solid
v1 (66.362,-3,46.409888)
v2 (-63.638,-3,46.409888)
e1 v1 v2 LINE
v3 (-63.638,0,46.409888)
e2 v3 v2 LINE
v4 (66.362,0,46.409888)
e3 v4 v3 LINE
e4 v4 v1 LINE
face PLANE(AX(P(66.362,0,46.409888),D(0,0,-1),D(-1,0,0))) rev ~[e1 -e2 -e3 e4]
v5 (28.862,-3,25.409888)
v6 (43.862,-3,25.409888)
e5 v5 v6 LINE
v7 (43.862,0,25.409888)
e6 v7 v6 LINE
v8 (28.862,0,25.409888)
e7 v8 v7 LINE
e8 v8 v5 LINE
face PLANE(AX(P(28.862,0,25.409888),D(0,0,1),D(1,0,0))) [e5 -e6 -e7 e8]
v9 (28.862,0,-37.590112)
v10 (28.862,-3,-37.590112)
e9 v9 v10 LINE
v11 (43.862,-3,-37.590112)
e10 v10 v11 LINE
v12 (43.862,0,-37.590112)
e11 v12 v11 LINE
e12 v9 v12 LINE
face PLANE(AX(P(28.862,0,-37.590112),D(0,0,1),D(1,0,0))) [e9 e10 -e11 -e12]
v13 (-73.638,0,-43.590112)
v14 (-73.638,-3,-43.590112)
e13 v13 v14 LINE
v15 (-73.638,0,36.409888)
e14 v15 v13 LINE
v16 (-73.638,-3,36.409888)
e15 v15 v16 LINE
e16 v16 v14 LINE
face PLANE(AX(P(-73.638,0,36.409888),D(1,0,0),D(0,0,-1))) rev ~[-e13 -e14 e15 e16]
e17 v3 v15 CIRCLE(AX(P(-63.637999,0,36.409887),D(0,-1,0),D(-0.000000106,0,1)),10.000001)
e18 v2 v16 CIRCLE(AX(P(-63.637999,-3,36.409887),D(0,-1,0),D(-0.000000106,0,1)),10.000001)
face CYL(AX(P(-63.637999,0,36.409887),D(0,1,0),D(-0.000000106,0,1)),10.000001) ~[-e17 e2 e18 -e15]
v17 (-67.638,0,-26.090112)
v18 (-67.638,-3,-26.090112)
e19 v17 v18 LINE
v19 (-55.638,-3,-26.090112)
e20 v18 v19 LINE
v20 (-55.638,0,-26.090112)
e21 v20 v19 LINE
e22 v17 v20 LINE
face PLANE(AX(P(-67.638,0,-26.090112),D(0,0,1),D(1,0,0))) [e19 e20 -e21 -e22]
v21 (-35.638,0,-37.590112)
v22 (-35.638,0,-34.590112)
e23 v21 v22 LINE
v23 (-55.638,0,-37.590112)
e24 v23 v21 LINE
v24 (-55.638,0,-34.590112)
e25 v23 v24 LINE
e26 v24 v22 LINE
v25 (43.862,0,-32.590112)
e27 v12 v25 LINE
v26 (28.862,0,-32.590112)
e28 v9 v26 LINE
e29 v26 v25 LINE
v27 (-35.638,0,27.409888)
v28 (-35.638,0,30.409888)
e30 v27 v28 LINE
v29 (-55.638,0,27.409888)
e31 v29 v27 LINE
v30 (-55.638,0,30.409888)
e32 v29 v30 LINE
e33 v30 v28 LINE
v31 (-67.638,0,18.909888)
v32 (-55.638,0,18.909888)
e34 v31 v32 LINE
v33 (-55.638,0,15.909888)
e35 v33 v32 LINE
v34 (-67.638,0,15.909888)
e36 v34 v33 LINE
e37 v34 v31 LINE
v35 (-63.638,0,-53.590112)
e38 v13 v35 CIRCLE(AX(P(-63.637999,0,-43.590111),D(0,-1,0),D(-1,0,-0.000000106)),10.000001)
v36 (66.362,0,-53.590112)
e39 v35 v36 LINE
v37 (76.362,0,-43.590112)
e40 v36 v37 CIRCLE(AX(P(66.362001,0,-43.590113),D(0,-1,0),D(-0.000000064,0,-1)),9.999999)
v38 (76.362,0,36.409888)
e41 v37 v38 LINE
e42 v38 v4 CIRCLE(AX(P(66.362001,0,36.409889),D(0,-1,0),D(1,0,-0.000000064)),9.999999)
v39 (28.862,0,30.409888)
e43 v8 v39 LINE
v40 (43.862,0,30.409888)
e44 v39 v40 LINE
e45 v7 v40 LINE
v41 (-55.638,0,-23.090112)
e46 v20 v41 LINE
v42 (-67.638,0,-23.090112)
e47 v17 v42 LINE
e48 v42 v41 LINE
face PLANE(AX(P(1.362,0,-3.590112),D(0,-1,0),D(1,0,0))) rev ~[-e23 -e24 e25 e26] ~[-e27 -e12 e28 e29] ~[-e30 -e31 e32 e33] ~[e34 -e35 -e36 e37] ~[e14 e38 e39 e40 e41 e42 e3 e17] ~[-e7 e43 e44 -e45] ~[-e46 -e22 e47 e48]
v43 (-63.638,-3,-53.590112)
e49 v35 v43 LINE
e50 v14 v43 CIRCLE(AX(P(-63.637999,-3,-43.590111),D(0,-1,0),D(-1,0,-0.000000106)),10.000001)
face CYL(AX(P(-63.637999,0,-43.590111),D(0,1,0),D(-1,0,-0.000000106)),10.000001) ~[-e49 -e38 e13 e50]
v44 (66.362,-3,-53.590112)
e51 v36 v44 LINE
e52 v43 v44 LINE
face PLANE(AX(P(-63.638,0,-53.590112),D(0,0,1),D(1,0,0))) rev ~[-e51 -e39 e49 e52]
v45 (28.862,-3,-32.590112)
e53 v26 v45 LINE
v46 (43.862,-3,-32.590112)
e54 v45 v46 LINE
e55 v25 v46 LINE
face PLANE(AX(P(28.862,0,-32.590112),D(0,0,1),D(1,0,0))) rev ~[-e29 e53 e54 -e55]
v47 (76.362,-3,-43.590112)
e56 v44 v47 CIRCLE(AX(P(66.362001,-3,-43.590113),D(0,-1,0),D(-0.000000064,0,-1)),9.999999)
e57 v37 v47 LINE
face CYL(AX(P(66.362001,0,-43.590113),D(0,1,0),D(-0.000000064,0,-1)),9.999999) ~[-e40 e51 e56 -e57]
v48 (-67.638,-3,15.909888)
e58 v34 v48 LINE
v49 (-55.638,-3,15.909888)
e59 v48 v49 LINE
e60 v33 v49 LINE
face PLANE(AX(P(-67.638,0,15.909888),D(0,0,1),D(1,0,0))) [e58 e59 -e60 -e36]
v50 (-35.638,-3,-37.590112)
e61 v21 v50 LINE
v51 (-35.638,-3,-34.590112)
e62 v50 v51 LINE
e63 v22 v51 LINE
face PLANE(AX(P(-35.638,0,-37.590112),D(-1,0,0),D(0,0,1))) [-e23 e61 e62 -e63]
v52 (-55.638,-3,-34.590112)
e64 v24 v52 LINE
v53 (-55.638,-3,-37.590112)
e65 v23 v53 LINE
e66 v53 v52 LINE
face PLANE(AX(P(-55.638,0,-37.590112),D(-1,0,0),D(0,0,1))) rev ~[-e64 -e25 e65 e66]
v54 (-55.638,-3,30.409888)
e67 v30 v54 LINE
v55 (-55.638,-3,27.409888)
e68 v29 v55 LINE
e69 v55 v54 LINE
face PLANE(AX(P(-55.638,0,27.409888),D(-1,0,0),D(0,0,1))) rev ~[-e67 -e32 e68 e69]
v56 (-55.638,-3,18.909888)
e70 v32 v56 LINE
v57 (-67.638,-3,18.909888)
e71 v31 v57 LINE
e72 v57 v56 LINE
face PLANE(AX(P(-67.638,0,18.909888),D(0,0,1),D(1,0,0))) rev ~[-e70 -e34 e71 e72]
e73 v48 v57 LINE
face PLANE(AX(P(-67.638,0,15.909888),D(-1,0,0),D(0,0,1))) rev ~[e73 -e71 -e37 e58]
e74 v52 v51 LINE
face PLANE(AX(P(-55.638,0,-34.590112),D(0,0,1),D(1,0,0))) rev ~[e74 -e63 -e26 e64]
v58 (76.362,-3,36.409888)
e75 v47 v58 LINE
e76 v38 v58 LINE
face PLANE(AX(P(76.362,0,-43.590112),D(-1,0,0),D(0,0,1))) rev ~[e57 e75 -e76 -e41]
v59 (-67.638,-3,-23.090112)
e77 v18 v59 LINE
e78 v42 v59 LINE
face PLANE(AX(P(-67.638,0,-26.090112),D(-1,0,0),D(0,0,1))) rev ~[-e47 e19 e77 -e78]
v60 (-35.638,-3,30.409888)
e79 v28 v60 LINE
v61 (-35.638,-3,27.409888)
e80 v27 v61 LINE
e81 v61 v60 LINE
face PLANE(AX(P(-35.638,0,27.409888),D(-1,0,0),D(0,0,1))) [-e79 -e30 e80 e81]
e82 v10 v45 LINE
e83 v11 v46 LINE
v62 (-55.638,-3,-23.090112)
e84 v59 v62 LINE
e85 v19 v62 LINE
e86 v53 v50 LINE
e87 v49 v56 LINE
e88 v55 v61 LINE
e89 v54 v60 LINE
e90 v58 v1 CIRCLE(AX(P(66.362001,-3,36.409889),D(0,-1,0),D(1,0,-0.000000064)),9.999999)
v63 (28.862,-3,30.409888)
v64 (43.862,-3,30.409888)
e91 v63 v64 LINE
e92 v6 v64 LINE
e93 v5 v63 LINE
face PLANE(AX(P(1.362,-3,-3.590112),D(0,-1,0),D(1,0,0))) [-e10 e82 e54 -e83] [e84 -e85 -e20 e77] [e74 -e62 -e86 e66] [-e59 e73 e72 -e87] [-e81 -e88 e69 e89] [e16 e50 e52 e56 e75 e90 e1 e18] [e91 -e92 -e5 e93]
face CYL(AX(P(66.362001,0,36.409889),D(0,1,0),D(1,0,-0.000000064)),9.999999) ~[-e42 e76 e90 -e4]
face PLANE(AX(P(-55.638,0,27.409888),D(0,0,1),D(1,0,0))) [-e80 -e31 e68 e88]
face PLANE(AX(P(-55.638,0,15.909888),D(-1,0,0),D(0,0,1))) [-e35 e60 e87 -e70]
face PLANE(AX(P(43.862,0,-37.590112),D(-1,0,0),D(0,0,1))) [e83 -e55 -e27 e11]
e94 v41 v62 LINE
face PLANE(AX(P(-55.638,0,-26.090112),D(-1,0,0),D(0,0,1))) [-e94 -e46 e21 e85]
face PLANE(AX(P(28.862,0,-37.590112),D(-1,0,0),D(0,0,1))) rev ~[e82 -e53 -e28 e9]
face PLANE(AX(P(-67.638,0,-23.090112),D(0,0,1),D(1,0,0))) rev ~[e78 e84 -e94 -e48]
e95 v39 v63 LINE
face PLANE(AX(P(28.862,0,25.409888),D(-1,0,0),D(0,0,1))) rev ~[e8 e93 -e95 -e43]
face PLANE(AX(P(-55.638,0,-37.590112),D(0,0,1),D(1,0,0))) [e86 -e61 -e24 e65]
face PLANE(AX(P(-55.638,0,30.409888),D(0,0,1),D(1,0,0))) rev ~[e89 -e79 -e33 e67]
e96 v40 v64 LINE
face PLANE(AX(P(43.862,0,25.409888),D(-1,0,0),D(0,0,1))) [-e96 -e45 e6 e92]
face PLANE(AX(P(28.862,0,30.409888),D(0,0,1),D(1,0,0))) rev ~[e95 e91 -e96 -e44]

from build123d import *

# Parameters (mm, degrees)
F0_W     = 20
F0_H     = 3
F0_W_2   = 12
F0_W_3   = 15
F0_H_2   = 5
F1_DEPTH = 3


with BuildPart() as f1:
    # F0 (on Front) → F1 (new body)
    with BuildSketch(Plane.XZ):
        with BuildLine():
            ThreePointArc((76.362, 36.409888), (73.433068, 43.480956), (66.362, 46.409888))
            Line((66.362, 46.409888), (-63.638, 46.409888))
            ThreePointArc((-63.638, 46.409888), (-70.709067, 43.480956), (-73.638, 36.409888))
            Line((-73.638, 36.409888), (-73.638, -43.590112))
            ThreePointArc((-73.638, -43.590112), (-70.709067, -50.66118), (-63.638, -53.590112))
            Line((-63.638, -53.590112), (66.362, -53.590112))
            ThreePointArc((66.362, -53.590112), (73.433068, -50.66118), (76.362, -43.590112))
            Line((76.362, -43.590112), (76.362, 36.409888))
        make_face()
        with Locations((-45.638, -36.090112)):
            Rectangle(F0_W, F0_H, mode=Mode.SUBTRACT)
        with Locations((-61.638, -24.590112)):
            Rectangle(F0_W_2, F0_H, mode=Mode.SUBTRACT)
        with Locations((36.362, -35.090112)):
            Rectangle(F0_W_3, F0_H_2, mode=Mode.SUBTRACT)
        with Locations((-61.638, 17.409888)):
            Rectangle(F0_W_2, F0_H, mode=Mode.SUBTRACT)
        with Locations((-45.638, 28.909888)):
            Rectangle(F0_W, F0_H, mode=Mode.SUBTRACT)
        with Locations((36.362, 27.909888)):
            Rectangle(F0_W_3, F0_H_2, mode=Mode.SUBTRACT)
    extrude(amount=F1_DEPTH)


solid = f1.part
